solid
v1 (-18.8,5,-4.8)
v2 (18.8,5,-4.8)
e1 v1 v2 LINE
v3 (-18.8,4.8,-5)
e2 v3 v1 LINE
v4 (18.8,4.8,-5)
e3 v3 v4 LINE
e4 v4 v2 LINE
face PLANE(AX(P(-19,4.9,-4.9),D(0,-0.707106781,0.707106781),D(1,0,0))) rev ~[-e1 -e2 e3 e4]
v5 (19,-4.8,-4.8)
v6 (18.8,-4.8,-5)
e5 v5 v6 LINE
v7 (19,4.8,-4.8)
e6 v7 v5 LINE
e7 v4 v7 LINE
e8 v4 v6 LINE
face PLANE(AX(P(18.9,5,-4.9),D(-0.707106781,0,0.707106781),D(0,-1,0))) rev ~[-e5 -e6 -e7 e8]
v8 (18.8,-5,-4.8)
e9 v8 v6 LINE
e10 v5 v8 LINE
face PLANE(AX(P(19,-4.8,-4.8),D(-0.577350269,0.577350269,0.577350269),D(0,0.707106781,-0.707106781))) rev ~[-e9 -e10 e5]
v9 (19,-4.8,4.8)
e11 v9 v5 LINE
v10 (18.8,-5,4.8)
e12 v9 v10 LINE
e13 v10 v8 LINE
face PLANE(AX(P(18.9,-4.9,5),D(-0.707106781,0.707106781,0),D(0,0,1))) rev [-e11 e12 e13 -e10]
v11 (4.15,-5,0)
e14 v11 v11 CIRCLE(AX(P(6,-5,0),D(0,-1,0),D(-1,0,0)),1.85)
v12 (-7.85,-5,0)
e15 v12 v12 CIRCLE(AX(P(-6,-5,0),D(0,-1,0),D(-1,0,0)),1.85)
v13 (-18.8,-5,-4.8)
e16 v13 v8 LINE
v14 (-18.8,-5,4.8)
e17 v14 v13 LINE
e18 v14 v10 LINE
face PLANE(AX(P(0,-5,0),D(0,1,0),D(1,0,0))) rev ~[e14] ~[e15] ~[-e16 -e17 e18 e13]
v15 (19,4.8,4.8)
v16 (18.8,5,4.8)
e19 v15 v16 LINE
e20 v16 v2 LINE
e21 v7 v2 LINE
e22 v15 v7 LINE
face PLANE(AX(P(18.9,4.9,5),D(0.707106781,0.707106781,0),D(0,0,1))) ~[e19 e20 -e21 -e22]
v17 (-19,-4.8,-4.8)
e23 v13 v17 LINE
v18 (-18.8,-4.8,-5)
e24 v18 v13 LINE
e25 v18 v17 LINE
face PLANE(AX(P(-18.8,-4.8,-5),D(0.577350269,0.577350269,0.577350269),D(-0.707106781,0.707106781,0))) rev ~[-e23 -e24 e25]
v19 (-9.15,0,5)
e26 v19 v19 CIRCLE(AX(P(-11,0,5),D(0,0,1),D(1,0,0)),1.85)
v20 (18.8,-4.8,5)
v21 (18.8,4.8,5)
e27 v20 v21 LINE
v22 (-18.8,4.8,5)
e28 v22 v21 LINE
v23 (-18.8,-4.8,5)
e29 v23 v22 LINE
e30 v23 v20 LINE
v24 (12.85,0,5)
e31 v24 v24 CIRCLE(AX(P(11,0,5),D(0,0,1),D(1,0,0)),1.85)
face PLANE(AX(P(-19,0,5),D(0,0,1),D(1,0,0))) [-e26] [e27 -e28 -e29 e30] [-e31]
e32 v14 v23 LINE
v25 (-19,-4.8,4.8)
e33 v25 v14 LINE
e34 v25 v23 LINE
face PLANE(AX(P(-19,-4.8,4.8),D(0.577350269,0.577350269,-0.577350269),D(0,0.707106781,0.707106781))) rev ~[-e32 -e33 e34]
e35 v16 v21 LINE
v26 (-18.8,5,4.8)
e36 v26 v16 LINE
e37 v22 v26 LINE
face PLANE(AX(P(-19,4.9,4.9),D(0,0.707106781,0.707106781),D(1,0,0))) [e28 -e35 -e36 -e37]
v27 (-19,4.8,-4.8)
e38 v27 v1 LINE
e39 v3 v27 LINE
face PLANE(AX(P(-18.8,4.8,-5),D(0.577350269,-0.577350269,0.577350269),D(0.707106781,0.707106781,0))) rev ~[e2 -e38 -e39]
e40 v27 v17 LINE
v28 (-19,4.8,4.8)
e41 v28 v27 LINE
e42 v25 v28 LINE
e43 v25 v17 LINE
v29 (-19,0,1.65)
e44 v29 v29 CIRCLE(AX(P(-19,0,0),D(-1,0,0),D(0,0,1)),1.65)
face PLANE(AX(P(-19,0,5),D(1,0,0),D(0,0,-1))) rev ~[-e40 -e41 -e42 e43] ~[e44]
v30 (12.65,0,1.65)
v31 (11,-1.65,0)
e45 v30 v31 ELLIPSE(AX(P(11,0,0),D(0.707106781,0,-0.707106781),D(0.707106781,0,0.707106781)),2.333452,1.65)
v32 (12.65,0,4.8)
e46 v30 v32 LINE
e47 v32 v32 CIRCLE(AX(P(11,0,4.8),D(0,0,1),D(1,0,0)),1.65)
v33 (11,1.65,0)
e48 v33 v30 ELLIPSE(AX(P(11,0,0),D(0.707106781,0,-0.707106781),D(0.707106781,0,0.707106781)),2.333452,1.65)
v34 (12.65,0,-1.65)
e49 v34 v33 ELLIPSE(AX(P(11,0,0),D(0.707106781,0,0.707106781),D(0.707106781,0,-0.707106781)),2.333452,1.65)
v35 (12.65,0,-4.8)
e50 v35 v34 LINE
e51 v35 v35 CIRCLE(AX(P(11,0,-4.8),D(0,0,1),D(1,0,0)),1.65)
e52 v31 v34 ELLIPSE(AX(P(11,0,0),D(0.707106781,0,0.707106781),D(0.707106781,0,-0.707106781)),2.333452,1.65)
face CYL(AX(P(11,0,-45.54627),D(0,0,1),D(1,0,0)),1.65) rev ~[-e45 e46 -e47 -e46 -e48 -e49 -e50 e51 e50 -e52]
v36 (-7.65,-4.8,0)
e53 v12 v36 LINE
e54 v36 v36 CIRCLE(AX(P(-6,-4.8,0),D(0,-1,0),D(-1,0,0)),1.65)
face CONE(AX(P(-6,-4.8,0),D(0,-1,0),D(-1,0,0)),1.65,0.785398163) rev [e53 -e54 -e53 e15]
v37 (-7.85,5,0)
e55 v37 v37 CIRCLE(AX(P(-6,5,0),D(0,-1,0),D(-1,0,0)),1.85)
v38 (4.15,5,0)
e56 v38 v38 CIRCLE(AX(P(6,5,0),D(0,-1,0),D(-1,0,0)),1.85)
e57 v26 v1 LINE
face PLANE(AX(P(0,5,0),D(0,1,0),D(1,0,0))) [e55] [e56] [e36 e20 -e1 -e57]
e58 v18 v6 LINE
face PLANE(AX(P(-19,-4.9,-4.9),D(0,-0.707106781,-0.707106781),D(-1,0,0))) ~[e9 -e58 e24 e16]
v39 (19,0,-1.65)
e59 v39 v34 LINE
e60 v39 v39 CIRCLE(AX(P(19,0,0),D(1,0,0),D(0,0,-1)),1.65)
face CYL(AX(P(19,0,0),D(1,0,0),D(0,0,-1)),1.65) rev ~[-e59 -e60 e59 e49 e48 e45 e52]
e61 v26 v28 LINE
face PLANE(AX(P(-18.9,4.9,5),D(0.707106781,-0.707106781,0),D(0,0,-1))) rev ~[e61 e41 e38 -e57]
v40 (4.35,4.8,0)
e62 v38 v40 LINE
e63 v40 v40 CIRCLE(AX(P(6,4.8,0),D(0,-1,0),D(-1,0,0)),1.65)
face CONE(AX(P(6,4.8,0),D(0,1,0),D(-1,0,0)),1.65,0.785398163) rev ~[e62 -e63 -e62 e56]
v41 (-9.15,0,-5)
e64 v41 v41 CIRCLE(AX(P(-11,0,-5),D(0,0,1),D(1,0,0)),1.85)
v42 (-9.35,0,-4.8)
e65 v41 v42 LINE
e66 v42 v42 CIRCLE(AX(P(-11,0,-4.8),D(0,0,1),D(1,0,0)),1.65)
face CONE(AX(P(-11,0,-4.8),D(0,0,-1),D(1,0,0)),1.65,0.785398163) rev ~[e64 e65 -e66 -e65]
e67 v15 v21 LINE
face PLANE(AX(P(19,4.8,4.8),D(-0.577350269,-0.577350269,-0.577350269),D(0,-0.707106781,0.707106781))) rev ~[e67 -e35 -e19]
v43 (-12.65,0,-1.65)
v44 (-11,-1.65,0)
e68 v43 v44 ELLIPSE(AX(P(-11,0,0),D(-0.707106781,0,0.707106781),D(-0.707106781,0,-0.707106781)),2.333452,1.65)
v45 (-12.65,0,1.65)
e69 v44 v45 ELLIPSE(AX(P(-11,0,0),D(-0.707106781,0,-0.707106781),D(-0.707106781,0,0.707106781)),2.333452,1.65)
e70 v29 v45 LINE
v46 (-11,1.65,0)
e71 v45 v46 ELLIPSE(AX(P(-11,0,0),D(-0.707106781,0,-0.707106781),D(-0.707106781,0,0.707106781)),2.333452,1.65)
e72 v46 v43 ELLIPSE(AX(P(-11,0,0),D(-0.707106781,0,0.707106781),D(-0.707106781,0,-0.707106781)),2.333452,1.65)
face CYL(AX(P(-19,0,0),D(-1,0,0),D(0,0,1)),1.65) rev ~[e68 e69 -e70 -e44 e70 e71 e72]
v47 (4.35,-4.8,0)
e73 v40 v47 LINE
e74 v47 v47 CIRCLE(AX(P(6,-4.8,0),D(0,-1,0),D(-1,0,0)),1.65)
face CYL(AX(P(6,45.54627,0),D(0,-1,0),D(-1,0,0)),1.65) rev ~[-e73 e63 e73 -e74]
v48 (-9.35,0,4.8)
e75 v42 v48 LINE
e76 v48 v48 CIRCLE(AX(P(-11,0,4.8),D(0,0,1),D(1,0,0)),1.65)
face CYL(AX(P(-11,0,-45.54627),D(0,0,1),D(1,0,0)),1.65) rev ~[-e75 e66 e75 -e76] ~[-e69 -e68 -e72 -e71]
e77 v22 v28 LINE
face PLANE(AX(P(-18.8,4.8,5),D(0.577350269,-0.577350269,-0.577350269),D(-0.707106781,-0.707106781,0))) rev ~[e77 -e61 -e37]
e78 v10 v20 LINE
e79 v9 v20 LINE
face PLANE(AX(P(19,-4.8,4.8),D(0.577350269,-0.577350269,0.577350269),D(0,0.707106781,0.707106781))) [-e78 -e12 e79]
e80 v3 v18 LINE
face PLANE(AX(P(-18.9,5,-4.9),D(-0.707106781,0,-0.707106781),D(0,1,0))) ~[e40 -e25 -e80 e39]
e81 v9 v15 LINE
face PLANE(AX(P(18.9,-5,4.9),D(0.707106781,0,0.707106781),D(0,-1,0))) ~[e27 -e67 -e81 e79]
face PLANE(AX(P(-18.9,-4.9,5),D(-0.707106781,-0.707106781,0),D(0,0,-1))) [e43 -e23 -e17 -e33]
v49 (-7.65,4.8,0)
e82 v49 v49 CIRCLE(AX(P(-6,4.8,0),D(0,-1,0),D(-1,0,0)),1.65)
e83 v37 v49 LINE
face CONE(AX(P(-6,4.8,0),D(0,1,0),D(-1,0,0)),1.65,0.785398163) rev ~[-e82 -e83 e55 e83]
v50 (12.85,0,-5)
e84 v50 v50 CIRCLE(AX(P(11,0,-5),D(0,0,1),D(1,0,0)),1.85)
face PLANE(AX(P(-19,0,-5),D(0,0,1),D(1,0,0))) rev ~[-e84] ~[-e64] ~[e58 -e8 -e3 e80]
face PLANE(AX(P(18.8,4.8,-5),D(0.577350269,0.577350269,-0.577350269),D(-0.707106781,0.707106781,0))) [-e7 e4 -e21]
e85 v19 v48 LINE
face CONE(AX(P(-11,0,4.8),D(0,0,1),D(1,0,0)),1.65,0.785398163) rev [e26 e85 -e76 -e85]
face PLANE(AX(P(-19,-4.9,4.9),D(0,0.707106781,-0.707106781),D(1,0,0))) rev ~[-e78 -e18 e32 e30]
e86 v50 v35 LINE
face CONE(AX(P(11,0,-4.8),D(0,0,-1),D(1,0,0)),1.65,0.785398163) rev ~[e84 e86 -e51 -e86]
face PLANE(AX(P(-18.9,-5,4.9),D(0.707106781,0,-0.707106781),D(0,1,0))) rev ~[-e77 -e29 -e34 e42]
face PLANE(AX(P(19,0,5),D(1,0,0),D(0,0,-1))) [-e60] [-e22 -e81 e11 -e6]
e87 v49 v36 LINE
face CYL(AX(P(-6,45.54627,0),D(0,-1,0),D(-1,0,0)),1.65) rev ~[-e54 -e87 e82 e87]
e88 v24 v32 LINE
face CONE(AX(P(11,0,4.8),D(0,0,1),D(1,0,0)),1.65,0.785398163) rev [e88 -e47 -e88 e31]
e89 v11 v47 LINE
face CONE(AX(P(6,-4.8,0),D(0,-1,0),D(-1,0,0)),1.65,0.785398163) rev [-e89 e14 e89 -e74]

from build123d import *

# Parameters (mm, degrees)
SKETCH_1_W              = 38
SKETCH_1_H              = 10
EXTRUDE_1_DEPTH         = 5
HOLE_WIZARD_M4_1_D      = 3.3
HOLE_WIZARD_M4_2_D      = 3.3
CHAMFER_1_SIZE          = 0.2
HOLE_WIZARD_M4_3_REACH  = 40.652
HOLE_WIZARD_M4_3_BORE_R = 1.65
HOLE_WIZARD_M4_4_REACH  = 40.652
HOLE_WIZARD_M4_4_BORE_R = 1.65


with BuildPart() as part:
    # 草图1 → 凸台-拉伸1 (new, symmetric)
    with BuildSketch(Plane(origin=(0, 0, 0), x_dir=(1, 0, 0), z_dir=(0, 1, 0))):
        Rectangle(SKETCH_1_W, SKETCH_1_H)
    extrude(amount=EXTRUDE_1_DEPTH, both=True)

    # M4 螺纹孔1 (through all)
    with Locations(Plane(origin=(0, 5, 0), x_dir=(1, 0, 0), z_dir=(0, 1, 0))):
        with Locations((-6, 0), (6, 0)):
            Hole(HOLE_WIZARD_M4_1_D / 2)

    # M4 螺纹孔2 (through all)
    with Locations(Plane(origin=(0, 0, -5), x_dir=(-1, 0, 0), z_dir=(0, 0, -1))):
        with Locations((-11, 0), (11, 0)):
            Hole(HOLE_WIZARD_M4_2_D / 2)

    # 倒角1
    chamfer_1_edges = [part.edges().sort_by_distance(p)[0] for p in [
        (-19, 5, 0),
        (7.65, 5, 0),
        (7.65, -5, 0),
        (0, 5, 5),
        (-4.35, 5, 0),
        (-4.35, -5, 0),
        (-12.65, 0, -5),
        (-12.65, 0, 5),
        (9.35, 0, -5),
        (9.35, 0, 5),
        (19, 5, 0),
        (0, -5, 5),
        (-19, -5, 0),
        (0, -5, -5),
        (19, -5, 0),
        (19, 0, 5),
        (-19, 0, 5),
        (-19, 0, -5),
        (19, 0, -5),
        (0, 5, -5),
    ]]
    chamfer(chamfer_1_edges, length=CHAMFER_1_SIZE)

    # M4 螺纹孔3 bore → M4 螺纹孔3 (cut, up to next)
    with BuildSketch(Plane.ZY.offset(19), mode=Mode.PRIVATE) as hole_wizard_m4_3_sk1:
        Circle(HOLE_WIZARD_M4_3_BORE_R)
    hole_wizard_m4_3_tool1 = extrude(hole_wizard_m4_3_sk1.sketch, amount=-HOLE_WIZARD_M4_3_REACH, mode=Mode.PRIVATE) & part.part
    add(hole_wizard_m4_3_tool1.solids().sort_by_distance((-19, 0, 0))[0], mode=Mode.SUBTRACT)

    # M4 螺纹孔4 bore → M4 螺纹孔4 (cut, up to next)
    with BuildSketch(Plane(origin=(19, 0, 0), x_dir=(0, 0, -1), z_dir=(1, 0, 0)), mode=Mode.PRIVATE) as hole_wizard_m4_4_sk1:
        Circle(HOLE_WIZARD_M4_4_BORE_R)
    hole_wizard_m4_4_tool1 = extrude(hole_wizard_m4_4_sk1.sketch, amount=-HOLE_WIZARD_M4_4_REACH, mode=Mode.PRIVATE) & part.part
    add(hole_wizard_m4_4_tool1.solids().sort_by_distance((19, 0, 0))[0], mode=Mode.SUBTRACT)


solid = part.part
